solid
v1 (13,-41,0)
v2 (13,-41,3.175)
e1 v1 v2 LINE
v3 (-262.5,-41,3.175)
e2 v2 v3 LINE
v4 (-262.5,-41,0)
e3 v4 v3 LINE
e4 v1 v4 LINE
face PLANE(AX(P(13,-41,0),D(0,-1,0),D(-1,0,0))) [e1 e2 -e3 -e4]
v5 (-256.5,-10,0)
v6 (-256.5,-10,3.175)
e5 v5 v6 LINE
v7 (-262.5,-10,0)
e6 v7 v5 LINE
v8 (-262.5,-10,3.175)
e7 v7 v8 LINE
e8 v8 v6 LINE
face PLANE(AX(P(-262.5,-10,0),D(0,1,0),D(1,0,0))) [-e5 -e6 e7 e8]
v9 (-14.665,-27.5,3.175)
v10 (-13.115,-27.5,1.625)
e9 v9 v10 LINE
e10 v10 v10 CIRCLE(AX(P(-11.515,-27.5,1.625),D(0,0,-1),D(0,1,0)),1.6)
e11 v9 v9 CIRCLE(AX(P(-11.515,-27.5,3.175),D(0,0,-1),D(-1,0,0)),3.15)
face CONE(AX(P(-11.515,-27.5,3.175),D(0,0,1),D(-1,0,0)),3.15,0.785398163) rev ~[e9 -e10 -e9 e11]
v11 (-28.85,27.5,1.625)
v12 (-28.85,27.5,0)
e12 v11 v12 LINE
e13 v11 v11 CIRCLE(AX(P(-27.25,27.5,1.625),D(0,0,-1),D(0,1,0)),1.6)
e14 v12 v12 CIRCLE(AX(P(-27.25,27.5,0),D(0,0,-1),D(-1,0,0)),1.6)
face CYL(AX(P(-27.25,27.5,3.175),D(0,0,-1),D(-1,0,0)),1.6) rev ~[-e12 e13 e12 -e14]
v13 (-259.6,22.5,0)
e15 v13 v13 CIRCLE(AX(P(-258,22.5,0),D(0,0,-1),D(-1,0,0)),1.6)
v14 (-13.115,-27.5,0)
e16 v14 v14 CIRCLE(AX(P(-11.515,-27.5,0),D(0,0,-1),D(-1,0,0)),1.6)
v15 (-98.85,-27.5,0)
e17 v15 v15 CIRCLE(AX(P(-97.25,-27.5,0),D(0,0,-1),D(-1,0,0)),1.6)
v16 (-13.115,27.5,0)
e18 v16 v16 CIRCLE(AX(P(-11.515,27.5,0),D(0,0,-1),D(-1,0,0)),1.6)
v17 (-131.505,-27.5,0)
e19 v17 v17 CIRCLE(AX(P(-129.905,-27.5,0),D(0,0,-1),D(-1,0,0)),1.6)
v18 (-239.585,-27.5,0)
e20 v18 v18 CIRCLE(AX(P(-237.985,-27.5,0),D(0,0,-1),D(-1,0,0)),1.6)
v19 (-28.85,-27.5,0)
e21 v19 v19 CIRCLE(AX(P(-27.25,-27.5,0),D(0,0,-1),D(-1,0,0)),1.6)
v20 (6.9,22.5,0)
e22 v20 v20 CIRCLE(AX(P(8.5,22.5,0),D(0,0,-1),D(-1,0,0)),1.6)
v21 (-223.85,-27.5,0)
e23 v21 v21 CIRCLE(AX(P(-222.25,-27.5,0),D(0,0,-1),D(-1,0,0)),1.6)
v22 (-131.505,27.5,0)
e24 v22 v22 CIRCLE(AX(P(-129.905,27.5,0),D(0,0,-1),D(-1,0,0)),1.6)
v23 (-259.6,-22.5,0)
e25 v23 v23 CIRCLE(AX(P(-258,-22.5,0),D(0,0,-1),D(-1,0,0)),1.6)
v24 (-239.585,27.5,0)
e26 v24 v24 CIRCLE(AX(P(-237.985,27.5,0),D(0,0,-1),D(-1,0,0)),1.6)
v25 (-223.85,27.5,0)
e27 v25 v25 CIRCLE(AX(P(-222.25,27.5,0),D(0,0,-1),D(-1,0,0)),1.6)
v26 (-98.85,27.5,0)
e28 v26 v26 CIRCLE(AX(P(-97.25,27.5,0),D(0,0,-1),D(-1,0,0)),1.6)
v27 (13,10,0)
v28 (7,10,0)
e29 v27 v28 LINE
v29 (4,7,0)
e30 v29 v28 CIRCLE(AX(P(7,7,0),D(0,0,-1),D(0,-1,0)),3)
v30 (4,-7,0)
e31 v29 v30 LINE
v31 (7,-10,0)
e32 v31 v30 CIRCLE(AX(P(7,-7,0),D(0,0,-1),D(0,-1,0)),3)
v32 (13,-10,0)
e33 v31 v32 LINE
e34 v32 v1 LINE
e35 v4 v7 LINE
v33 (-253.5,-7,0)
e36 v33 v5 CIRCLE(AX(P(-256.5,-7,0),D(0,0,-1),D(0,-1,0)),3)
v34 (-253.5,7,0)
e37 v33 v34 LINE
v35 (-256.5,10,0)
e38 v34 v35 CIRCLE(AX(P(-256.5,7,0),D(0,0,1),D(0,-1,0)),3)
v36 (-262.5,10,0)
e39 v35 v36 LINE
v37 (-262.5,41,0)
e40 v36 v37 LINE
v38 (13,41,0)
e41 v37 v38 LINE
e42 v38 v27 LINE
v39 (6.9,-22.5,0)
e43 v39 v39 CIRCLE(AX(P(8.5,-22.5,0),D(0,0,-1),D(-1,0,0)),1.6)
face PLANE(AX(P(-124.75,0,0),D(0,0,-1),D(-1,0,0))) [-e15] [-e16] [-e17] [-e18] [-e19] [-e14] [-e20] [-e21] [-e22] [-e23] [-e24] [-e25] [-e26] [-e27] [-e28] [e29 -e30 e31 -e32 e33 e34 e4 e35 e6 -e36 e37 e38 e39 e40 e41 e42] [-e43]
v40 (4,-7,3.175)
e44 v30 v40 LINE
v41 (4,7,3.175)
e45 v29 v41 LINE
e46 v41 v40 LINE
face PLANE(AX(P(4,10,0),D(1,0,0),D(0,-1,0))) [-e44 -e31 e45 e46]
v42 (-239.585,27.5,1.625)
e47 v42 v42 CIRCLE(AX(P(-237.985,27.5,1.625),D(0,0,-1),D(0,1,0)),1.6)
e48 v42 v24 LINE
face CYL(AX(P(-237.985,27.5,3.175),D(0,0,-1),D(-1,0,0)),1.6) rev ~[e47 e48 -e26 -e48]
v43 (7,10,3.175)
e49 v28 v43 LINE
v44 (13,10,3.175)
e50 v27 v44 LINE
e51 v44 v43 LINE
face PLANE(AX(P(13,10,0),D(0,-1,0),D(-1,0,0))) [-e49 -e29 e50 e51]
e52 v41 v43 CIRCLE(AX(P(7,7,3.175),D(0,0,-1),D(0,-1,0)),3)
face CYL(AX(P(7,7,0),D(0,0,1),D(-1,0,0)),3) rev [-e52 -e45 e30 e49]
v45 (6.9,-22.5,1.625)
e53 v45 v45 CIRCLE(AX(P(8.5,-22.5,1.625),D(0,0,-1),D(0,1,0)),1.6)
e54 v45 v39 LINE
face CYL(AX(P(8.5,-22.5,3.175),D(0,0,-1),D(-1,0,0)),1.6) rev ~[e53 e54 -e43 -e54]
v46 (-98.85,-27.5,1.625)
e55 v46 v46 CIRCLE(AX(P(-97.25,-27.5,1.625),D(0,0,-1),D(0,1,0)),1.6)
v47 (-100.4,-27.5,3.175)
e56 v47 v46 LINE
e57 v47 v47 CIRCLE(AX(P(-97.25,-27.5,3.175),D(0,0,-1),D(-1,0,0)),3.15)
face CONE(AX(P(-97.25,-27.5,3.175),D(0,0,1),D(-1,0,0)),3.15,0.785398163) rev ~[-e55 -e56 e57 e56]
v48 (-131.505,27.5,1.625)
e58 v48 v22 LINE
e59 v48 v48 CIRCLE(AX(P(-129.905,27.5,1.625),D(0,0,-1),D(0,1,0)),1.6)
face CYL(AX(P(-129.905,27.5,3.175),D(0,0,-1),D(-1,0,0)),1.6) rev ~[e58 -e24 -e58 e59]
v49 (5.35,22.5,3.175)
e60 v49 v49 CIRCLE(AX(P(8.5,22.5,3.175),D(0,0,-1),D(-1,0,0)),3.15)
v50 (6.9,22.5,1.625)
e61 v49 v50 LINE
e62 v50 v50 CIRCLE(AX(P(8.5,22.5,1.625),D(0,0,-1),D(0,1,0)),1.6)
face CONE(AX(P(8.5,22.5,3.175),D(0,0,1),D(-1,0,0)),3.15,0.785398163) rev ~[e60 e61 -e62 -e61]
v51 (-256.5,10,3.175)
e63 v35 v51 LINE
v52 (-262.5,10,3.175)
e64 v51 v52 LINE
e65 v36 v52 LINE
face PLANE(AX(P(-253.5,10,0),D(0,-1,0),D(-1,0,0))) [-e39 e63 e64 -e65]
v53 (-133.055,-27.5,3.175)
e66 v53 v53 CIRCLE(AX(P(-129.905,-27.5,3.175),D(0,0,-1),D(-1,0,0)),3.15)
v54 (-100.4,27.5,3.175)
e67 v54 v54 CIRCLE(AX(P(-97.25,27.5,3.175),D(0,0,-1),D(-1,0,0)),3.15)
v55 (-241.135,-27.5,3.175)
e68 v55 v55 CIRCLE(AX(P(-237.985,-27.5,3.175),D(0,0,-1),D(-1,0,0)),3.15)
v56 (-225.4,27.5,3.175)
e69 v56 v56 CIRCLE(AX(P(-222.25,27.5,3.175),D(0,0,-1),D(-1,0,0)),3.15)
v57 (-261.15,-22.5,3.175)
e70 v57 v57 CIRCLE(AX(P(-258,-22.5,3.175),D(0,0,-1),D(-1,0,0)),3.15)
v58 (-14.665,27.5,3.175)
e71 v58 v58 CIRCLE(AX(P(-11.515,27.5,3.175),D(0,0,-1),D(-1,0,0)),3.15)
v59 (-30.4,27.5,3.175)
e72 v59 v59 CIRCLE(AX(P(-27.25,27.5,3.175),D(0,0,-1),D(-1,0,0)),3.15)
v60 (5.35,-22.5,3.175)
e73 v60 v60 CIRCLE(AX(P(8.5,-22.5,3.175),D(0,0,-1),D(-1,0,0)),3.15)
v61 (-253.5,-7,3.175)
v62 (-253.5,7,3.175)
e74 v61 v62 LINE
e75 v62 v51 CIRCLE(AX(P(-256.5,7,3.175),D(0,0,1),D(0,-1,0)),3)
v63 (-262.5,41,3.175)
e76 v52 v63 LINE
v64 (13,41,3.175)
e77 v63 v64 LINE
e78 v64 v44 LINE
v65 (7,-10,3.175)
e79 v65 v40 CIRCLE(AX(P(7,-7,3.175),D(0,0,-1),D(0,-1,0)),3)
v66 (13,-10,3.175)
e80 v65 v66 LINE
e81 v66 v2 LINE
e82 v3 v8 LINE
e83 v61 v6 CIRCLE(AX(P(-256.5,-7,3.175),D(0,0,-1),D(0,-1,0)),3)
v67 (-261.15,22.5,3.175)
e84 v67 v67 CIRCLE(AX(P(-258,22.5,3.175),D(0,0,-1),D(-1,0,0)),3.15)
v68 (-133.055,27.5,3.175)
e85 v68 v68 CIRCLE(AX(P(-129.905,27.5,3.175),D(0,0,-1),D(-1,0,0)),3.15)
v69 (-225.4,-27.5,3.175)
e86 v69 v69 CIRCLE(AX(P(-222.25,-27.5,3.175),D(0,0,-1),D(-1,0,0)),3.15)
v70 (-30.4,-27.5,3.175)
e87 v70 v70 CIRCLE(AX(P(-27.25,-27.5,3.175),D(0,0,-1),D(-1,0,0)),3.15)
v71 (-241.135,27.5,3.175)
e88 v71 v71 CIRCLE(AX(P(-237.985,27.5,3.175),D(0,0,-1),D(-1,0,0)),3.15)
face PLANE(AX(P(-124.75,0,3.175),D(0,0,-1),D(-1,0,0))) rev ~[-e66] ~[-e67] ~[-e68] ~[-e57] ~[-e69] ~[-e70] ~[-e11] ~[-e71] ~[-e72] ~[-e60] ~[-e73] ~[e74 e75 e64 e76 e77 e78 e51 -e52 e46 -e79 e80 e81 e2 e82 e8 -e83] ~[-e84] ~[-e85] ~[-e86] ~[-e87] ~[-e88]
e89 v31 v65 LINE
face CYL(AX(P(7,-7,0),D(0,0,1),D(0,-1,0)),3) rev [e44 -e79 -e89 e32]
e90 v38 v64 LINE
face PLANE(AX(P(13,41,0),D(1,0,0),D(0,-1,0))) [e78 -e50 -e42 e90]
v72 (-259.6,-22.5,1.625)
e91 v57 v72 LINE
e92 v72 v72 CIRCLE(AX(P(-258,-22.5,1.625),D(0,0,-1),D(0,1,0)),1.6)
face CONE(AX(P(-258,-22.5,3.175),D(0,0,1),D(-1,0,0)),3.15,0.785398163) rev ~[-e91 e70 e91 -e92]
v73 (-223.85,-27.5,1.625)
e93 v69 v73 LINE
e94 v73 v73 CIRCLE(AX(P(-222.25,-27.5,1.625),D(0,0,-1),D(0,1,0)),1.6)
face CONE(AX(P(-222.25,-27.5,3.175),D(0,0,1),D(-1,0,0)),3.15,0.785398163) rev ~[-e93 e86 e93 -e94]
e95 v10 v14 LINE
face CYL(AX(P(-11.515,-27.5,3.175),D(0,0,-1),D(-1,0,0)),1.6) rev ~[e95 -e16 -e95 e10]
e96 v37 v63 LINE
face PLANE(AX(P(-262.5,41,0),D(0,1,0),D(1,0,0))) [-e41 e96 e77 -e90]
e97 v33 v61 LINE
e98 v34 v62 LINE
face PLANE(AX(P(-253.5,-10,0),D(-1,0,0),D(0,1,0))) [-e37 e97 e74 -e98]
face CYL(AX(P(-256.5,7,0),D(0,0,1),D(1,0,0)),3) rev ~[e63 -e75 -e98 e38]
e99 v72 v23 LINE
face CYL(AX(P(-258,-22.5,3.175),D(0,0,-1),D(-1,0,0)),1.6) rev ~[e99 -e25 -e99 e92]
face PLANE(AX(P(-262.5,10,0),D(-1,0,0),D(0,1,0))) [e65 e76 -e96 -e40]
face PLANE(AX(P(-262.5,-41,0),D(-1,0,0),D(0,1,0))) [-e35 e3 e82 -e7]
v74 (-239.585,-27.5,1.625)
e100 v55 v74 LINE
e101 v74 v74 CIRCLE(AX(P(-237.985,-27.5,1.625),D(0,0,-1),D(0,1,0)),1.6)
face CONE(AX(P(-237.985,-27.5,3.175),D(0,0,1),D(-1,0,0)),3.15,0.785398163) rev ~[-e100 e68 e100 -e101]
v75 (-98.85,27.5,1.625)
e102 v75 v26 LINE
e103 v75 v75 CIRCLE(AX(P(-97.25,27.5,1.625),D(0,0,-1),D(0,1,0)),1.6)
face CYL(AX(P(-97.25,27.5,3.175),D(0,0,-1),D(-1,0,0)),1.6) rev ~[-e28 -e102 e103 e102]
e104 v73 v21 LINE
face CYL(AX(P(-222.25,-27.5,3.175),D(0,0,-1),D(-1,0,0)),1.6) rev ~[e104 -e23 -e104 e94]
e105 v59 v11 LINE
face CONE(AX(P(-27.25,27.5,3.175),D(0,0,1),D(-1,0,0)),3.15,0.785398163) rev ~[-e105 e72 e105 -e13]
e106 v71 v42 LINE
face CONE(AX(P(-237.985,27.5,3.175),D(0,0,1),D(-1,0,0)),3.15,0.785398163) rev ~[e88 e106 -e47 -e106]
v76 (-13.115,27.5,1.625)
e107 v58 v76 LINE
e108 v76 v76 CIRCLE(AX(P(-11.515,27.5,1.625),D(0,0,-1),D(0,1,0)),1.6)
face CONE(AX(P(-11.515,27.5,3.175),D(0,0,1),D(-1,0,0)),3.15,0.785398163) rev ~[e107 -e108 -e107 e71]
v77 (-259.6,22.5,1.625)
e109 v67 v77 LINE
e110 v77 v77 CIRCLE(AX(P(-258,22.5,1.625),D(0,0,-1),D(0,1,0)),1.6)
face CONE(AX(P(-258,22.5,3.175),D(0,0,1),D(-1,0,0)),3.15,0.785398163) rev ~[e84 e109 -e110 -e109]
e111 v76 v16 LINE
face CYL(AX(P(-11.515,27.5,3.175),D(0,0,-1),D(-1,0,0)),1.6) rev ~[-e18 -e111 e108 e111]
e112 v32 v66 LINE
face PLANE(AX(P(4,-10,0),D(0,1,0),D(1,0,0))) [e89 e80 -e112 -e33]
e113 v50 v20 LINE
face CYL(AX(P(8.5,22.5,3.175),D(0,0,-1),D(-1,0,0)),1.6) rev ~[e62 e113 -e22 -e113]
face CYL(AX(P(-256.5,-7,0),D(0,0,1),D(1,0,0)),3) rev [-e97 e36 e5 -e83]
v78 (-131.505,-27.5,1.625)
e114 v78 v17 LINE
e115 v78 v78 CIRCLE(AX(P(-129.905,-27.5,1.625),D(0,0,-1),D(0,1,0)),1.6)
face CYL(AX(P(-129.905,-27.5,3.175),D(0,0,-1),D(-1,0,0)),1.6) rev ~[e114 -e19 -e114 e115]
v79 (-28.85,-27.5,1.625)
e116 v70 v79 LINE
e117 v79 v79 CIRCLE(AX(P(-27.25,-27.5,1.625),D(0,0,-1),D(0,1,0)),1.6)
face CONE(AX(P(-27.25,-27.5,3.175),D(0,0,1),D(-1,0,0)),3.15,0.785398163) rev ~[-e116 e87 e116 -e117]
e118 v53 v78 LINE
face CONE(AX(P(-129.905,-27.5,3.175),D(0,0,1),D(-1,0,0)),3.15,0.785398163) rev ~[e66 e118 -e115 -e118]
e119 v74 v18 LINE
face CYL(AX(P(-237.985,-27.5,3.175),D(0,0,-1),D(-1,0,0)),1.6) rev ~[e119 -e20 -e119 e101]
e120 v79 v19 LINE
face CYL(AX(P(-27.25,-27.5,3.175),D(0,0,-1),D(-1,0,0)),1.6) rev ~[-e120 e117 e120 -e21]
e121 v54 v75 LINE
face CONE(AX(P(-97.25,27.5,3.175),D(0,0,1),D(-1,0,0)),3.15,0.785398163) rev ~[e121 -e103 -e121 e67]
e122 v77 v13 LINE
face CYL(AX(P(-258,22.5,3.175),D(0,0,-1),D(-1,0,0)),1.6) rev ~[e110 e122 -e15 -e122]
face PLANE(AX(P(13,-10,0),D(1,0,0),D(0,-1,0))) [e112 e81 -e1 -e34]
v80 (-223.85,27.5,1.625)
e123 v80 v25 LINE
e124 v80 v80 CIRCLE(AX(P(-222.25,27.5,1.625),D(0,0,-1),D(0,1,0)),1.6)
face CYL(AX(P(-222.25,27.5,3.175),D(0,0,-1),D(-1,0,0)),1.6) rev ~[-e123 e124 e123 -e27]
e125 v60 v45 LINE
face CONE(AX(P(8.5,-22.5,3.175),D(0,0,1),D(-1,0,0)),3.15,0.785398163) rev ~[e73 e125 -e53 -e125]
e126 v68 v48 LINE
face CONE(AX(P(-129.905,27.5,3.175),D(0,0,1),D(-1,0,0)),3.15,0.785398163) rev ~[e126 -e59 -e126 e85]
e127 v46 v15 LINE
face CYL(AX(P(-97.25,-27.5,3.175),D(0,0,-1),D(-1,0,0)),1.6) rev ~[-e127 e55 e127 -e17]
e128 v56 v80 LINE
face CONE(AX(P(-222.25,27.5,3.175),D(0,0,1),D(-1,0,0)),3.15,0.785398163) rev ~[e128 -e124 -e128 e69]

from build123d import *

# Parameters (mm, degrees)
BOSS_EXTRU_1_DEPTH                             = 3.175
FRAISAGE_POUR_VIS_T_TE_FRAIS_E_M31_D           = 3.2
FRAISAGE_POUR_VIS_T_TE_FRAIS_E_M31_CSINK_D     = 6.3
FRAISAGE_POUR_VIS_T_TE_FRAIS_E_M31_CSINK_ANGLE = 90
FRAISAGE_POUR_VIS_T_TE_FRAIS_E_M32_D           = 3.2
FRAISAGE_POUR_VIS_T_TE_FRAIS_E_M32_CSINK_D     = 6.3
FRAISAGE_POUR_VIS_T_TE_FRAIS_E_M32_CSINK_ANGLE = 90
CONG_1_R                                       = 3


with BuildPart() as part:
    # Esquisse1 → Boss.-Extru.1 (new body)
    with BuildSketch(Plane.XY):
        Polygon((-262.5, 10), (-262.5, 41), (13, 41), (13, 10), (4, 10), (4, -10), (13, -10), (13, -41), (-262.5, -41), (-262.5, -10), (-253.5, -10), (-253.5, 10), align=None)
    extrude(amount=BOSS_EXTRU_1_DEPTH)

    # Fraisage pour vis à tête fraisée M31 (through all)
    with Locations(Plane.XY.offset(3.175)):
        with Locations((-11.515, 27.5), (-11.515, -27.5), (-237.985, -27.5), (-237.985, 27.5), (-27.25, 27.5), (-27.25, -27.5), (-222.25, -27.5), (-222.25, 27.5), (-97.25, 27.5), (-97.25, -27.5), (-129.905, 27.5), (-129.905, -27.5)):
            CounterSinkHole(FRAISAGE_POUR_VIS_T_TE_FRAIS_E_M31_D / 2, FRAISAGE_POUR_VIS_T_TE_FRAIS_E_M31_CSINK_D / 2, counter_sink_angle=FRAISAGE_POUR_VIS_T_TE_FRAIS_E_M31_CSINK_ANGLE)

    # Fraisage pour vis à tête fraisée M32 (through all)
    with Locations(Plane.XY.offset(3.175)):
        with Locations((8.5, -22.5), (8.5, 22.5), (-258, -22.5), (-258, 22.5)):
            CounterSinkHole(FRAISAGE_POUR_VIS_T_TE_FRAIS_E_M32_D / 2, FRAISAGE_POUR_VIS_T_TE_FRAIS_E_M32_CSINK_D / 2, counter_sink_angle=FRAISAGE_POUR_VIS_T_TE_FRAIS_E_M32_CSINK_ANGLE)

    # Congé1
    cong_1_edges = [part.edges().sort_by_distance(p)[0] for p in [
        (-253.5, -10, 1.5875),
        (-253.5, 10, 1.5875),
        (4, 10, 1.5875),
        (4, -10, 1.5875),
    ]]
    fillet(cong_1_edges, radius=CONG_1_R)


solid = part.part
